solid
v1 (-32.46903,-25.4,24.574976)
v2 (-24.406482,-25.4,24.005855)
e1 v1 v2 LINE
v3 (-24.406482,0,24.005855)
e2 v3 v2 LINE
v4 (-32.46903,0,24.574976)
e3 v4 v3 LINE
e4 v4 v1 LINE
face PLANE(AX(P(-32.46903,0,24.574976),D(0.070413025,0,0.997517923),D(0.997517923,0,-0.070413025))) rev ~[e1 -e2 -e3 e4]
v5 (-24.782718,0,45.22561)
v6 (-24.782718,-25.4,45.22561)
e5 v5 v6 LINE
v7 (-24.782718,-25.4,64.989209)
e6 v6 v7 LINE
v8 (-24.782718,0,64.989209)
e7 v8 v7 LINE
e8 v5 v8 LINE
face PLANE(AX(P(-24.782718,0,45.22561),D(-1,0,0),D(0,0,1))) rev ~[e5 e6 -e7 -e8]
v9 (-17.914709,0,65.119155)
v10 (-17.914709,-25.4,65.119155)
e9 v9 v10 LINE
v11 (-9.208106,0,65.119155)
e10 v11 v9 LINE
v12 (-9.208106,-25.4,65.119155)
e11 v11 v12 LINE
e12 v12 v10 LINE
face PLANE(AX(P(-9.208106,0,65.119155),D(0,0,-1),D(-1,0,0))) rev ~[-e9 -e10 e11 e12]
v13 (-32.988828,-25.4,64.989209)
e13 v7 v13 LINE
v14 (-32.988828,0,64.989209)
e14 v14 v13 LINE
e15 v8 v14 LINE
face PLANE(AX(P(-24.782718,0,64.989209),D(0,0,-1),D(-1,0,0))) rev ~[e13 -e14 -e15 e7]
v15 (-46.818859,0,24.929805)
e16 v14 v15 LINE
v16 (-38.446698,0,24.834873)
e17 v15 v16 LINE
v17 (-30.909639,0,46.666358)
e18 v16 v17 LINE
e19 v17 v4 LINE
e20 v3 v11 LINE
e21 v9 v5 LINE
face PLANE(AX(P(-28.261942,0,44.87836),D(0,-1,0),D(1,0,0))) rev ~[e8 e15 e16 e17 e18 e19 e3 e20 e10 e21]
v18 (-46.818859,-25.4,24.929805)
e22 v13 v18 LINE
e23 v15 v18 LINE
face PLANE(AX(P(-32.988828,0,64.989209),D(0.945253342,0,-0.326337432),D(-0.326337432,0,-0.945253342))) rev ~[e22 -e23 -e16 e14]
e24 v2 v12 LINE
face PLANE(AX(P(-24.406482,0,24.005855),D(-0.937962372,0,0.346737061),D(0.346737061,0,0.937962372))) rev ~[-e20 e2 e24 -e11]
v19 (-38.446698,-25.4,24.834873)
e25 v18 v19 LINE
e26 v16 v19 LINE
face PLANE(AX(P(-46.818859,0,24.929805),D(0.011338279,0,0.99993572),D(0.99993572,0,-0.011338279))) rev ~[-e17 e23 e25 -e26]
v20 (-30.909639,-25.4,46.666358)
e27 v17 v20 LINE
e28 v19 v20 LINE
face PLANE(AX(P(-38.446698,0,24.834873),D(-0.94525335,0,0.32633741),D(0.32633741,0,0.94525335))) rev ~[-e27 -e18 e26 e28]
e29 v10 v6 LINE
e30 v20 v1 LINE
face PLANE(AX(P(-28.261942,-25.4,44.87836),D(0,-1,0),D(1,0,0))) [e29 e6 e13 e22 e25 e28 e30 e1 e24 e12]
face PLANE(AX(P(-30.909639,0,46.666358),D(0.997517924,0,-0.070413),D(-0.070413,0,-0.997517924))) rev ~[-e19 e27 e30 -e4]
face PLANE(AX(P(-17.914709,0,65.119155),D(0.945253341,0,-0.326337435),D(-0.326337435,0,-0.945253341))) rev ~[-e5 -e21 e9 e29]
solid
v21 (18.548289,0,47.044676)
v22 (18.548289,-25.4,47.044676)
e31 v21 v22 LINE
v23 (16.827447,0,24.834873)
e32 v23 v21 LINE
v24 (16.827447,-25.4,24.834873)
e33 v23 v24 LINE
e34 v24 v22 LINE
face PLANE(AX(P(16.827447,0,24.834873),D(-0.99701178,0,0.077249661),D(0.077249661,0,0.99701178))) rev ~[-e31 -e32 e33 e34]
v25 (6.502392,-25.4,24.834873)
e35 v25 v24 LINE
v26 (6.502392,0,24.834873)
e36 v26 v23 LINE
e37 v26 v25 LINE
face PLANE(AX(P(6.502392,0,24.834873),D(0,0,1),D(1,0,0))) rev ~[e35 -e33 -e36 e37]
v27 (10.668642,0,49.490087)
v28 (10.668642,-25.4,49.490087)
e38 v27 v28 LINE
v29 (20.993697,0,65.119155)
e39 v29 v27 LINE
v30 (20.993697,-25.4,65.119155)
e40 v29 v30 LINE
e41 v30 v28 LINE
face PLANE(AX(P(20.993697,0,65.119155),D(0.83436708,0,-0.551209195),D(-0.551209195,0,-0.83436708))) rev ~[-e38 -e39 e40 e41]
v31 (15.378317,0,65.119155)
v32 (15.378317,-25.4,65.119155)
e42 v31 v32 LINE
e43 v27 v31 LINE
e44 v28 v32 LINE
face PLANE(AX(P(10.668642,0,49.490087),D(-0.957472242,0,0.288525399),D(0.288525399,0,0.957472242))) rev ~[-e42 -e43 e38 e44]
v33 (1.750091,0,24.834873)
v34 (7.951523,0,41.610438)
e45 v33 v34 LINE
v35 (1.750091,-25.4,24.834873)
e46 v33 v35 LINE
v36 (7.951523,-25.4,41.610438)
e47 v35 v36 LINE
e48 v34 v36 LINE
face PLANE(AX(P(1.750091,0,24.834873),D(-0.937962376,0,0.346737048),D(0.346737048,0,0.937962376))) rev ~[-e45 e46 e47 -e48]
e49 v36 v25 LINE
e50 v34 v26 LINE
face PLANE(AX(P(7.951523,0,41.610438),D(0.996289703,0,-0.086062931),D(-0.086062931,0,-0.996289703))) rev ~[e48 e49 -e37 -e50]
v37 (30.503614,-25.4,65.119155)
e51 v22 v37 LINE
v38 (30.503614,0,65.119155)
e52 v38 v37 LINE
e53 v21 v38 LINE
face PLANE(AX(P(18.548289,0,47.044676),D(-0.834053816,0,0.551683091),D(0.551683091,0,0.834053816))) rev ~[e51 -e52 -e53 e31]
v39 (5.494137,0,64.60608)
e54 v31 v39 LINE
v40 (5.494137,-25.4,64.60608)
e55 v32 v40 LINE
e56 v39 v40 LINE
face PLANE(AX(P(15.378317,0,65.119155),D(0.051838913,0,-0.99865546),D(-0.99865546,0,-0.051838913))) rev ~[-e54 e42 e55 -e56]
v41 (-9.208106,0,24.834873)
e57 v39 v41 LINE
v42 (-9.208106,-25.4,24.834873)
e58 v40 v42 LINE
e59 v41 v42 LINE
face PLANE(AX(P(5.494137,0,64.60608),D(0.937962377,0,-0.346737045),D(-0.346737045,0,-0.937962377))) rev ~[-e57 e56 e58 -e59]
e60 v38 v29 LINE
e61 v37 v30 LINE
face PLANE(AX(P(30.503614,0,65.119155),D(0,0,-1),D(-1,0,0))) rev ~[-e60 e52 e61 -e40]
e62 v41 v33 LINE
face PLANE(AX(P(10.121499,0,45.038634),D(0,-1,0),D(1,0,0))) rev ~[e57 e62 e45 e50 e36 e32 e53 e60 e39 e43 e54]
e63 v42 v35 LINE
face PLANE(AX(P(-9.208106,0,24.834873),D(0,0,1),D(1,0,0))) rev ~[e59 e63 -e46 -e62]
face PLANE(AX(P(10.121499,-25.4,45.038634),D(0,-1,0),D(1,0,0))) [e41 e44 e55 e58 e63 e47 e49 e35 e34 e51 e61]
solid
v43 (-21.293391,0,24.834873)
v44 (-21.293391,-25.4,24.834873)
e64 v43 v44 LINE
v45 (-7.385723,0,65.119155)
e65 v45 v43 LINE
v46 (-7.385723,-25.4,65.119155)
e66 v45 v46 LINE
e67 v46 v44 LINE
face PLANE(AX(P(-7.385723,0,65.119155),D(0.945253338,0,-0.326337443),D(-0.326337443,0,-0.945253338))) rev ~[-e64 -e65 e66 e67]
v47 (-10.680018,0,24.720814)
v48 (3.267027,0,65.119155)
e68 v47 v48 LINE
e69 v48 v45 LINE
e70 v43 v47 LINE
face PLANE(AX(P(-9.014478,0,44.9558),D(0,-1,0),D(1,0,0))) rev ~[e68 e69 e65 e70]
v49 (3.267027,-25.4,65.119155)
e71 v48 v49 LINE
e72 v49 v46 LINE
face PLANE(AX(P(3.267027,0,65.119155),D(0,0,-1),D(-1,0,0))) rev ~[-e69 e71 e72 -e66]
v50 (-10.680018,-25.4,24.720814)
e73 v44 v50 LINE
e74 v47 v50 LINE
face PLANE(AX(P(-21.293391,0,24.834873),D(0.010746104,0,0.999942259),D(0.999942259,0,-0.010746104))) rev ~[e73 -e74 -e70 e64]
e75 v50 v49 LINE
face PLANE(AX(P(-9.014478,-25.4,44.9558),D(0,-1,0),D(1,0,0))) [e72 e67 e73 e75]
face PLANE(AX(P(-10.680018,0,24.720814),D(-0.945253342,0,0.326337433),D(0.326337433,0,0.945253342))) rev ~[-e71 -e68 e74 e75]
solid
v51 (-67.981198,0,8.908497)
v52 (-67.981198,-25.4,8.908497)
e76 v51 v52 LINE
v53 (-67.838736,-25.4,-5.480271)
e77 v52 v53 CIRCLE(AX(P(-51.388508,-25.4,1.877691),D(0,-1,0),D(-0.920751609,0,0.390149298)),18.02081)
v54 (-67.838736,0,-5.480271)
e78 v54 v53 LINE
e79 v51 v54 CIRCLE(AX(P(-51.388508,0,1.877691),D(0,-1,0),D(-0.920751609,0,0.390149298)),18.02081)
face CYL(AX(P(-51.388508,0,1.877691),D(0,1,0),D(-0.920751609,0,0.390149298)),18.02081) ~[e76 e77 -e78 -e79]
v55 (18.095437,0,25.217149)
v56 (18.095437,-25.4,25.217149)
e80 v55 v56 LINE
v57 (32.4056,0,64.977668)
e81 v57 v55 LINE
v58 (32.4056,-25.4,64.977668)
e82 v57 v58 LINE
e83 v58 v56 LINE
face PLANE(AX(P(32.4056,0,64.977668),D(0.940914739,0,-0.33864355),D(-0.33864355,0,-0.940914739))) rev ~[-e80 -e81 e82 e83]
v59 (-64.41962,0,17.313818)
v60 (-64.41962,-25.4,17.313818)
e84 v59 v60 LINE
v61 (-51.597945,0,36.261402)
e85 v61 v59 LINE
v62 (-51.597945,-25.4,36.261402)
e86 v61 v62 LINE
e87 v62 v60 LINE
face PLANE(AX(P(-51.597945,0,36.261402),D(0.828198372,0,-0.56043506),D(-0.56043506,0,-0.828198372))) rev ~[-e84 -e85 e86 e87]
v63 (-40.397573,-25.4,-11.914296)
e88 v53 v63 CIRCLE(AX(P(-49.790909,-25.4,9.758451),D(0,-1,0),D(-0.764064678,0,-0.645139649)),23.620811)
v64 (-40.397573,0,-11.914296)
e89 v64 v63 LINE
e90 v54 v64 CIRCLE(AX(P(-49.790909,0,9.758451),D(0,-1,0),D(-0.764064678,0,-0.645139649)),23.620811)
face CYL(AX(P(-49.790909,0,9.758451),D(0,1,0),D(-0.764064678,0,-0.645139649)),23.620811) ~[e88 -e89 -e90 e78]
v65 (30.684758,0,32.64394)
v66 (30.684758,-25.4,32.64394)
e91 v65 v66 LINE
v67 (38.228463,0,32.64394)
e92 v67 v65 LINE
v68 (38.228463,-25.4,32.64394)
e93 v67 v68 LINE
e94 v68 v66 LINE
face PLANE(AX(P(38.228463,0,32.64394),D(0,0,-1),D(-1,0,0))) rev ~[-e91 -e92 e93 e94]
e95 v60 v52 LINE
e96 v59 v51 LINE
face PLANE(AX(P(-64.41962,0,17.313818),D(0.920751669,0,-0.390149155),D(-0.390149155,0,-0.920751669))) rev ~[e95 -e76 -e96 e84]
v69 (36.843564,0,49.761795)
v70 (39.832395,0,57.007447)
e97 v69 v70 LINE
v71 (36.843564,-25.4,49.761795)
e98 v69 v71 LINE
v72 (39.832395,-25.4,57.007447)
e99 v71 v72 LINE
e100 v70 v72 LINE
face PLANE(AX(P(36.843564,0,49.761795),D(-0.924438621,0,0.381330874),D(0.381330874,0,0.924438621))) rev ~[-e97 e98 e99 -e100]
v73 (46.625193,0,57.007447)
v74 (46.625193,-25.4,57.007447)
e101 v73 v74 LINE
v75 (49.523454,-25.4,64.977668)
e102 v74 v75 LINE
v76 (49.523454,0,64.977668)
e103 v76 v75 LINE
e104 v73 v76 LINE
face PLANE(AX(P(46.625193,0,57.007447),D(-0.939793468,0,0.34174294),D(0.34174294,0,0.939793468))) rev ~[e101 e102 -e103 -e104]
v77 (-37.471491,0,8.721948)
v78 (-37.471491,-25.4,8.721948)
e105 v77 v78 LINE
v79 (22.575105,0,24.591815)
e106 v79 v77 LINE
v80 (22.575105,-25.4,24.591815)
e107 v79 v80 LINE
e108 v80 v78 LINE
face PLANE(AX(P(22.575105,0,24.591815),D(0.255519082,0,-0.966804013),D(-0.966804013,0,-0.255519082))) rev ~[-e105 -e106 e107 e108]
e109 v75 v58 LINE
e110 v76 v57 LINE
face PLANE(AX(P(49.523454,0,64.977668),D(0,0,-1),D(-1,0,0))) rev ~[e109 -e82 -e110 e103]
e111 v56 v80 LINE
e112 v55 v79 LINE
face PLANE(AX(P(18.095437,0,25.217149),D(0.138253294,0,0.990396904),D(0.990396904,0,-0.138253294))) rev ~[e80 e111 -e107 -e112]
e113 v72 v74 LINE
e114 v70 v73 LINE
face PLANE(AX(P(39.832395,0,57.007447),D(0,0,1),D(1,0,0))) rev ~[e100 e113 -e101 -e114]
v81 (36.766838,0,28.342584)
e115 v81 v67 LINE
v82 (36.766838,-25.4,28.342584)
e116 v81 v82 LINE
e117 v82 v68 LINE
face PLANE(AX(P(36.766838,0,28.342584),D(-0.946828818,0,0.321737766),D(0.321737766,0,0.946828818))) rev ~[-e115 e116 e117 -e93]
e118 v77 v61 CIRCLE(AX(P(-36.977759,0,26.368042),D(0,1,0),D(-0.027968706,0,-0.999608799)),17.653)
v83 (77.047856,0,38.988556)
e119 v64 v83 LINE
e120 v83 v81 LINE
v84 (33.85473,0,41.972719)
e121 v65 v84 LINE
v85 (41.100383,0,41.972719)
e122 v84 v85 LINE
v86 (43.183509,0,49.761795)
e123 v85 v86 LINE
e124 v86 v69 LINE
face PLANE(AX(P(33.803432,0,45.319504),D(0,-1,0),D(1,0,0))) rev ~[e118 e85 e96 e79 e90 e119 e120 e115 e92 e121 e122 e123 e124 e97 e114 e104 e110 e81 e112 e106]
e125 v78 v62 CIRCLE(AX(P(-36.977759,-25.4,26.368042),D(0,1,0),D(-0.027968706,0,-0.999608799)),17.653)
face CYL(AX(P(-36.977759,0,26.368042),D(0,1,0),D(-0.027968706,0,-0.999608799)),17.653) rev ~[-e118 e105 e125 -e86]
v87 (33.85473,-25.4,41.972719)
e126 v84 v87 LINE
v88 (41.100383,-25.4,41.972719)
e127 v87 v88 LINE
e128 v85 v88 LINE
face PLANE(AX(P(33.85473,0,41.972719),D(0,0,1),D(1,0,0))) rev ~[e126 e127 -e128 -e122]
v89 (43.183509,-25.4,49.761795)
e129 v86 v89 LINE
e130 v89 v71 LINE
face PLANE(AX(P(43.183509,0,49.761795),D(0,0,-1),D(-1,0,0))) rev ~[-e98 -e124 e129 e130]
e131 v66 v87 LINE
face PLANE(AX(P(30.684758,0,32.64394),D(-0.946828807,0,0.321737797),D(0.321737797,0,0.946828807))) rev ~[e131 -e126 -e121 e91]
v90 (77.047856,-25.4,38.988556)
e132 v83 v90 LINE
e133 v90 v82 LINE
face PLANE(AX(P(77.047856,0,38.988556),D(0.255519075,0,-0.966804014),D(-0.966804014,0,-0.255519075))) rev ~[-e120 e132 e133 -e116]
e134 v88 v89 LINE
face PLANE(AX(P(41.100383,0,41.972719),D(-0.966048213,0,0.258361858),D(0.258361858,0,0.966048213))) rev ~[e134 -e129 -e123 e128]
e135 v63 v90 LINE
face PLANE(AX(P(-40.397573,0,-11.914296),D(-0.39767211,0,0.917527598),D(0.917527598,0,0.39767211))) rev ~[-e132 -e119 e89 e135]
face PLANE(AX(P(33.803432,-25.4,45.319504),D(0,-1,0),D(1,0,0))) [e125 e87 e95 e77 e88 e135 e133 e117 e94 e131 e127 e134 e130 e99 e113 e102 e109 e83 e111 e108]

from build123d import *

# Parameters (mm, degrees)
F1_DEPTH = 25.4


with BuildPart() as f1:
    # F0 (on Front) → F1 (new body)
    with BuildSketch(Plane.XZ):
        Polygon((-46.818859, 24.929805), (-38.446698, 24.834873), (-30.909639, 46.666358), (-32.46903, 24.574976), (-24.406482, 24.005855), (-9.208106, 65.119155), (-17.914709, 65.119155), (-24.782718, 45.22561), (-24.782718, 64.989209), (-32.988828, 64.989209), align=None)
        Polygon((-7.385723, 65.119155), (-21.293391, 24.834873), (-10.680018, 24.720814), (3.267027, 65.119155), align=None)
        Polygon((5.494137, 64.60608), (-9.208106, 24.834873), (1.750091, 24.834873), (7.951523, 41.610438), (6.502392, 24.834873), (16.827447, 24.834873), (18.548289, 47.044676), (30.503614, 65.119155), (20.993697, 65.119155), (10.668642, 49.490087), (15.378317, 65.119155), align=None)
        Polygon((22.575105, 24.591815), (36.766838, 28.342584), (38.228463, 32.64394), (30.684758, 32.64394), (33.85473, 41.972719), (41.100383, 41.972719), (43.183509, 49.761795), (36.843564, 49.761795), (39.832395, 57.007447), (46.625193, 57.007447), (49.523454, 64.977668), (32.4056, 64.977668), (18.095437, 25.217149), align=None)
        with BuildLine():
            Line((-40.397573, -11.914296), (77.047856, 38.988556))
            Line((77.047856, 38.988556), (36.766838, 28.342584))
            Line((36.766838, 28.342584), (22.575105, 24.591815))
            Line((22.575105, 24.591815), (-37.471491, 8.721948))
            ThreePointArc((-37.471491, 8.721948), (-52.68486, 18.311033), (-51.597945, 36.261402))
            Line((-51.597945, 36.261402), (-64.41962, 17.313818))
            Line((-64.41962, 17.313818), (-67.981198, 8.908497))
            ThreePointArc((-67.981198, 8.908497), (-69.408435, 1.699277), (-67.838736, -5.480271))
            ThreePointArc((-67.838736, -5.480271), (-55.182961, -13.23869), (-40.397573, -11.914296))
        make_face()
    extrude(amount=F1_DEPTH)


solid = f1.part
